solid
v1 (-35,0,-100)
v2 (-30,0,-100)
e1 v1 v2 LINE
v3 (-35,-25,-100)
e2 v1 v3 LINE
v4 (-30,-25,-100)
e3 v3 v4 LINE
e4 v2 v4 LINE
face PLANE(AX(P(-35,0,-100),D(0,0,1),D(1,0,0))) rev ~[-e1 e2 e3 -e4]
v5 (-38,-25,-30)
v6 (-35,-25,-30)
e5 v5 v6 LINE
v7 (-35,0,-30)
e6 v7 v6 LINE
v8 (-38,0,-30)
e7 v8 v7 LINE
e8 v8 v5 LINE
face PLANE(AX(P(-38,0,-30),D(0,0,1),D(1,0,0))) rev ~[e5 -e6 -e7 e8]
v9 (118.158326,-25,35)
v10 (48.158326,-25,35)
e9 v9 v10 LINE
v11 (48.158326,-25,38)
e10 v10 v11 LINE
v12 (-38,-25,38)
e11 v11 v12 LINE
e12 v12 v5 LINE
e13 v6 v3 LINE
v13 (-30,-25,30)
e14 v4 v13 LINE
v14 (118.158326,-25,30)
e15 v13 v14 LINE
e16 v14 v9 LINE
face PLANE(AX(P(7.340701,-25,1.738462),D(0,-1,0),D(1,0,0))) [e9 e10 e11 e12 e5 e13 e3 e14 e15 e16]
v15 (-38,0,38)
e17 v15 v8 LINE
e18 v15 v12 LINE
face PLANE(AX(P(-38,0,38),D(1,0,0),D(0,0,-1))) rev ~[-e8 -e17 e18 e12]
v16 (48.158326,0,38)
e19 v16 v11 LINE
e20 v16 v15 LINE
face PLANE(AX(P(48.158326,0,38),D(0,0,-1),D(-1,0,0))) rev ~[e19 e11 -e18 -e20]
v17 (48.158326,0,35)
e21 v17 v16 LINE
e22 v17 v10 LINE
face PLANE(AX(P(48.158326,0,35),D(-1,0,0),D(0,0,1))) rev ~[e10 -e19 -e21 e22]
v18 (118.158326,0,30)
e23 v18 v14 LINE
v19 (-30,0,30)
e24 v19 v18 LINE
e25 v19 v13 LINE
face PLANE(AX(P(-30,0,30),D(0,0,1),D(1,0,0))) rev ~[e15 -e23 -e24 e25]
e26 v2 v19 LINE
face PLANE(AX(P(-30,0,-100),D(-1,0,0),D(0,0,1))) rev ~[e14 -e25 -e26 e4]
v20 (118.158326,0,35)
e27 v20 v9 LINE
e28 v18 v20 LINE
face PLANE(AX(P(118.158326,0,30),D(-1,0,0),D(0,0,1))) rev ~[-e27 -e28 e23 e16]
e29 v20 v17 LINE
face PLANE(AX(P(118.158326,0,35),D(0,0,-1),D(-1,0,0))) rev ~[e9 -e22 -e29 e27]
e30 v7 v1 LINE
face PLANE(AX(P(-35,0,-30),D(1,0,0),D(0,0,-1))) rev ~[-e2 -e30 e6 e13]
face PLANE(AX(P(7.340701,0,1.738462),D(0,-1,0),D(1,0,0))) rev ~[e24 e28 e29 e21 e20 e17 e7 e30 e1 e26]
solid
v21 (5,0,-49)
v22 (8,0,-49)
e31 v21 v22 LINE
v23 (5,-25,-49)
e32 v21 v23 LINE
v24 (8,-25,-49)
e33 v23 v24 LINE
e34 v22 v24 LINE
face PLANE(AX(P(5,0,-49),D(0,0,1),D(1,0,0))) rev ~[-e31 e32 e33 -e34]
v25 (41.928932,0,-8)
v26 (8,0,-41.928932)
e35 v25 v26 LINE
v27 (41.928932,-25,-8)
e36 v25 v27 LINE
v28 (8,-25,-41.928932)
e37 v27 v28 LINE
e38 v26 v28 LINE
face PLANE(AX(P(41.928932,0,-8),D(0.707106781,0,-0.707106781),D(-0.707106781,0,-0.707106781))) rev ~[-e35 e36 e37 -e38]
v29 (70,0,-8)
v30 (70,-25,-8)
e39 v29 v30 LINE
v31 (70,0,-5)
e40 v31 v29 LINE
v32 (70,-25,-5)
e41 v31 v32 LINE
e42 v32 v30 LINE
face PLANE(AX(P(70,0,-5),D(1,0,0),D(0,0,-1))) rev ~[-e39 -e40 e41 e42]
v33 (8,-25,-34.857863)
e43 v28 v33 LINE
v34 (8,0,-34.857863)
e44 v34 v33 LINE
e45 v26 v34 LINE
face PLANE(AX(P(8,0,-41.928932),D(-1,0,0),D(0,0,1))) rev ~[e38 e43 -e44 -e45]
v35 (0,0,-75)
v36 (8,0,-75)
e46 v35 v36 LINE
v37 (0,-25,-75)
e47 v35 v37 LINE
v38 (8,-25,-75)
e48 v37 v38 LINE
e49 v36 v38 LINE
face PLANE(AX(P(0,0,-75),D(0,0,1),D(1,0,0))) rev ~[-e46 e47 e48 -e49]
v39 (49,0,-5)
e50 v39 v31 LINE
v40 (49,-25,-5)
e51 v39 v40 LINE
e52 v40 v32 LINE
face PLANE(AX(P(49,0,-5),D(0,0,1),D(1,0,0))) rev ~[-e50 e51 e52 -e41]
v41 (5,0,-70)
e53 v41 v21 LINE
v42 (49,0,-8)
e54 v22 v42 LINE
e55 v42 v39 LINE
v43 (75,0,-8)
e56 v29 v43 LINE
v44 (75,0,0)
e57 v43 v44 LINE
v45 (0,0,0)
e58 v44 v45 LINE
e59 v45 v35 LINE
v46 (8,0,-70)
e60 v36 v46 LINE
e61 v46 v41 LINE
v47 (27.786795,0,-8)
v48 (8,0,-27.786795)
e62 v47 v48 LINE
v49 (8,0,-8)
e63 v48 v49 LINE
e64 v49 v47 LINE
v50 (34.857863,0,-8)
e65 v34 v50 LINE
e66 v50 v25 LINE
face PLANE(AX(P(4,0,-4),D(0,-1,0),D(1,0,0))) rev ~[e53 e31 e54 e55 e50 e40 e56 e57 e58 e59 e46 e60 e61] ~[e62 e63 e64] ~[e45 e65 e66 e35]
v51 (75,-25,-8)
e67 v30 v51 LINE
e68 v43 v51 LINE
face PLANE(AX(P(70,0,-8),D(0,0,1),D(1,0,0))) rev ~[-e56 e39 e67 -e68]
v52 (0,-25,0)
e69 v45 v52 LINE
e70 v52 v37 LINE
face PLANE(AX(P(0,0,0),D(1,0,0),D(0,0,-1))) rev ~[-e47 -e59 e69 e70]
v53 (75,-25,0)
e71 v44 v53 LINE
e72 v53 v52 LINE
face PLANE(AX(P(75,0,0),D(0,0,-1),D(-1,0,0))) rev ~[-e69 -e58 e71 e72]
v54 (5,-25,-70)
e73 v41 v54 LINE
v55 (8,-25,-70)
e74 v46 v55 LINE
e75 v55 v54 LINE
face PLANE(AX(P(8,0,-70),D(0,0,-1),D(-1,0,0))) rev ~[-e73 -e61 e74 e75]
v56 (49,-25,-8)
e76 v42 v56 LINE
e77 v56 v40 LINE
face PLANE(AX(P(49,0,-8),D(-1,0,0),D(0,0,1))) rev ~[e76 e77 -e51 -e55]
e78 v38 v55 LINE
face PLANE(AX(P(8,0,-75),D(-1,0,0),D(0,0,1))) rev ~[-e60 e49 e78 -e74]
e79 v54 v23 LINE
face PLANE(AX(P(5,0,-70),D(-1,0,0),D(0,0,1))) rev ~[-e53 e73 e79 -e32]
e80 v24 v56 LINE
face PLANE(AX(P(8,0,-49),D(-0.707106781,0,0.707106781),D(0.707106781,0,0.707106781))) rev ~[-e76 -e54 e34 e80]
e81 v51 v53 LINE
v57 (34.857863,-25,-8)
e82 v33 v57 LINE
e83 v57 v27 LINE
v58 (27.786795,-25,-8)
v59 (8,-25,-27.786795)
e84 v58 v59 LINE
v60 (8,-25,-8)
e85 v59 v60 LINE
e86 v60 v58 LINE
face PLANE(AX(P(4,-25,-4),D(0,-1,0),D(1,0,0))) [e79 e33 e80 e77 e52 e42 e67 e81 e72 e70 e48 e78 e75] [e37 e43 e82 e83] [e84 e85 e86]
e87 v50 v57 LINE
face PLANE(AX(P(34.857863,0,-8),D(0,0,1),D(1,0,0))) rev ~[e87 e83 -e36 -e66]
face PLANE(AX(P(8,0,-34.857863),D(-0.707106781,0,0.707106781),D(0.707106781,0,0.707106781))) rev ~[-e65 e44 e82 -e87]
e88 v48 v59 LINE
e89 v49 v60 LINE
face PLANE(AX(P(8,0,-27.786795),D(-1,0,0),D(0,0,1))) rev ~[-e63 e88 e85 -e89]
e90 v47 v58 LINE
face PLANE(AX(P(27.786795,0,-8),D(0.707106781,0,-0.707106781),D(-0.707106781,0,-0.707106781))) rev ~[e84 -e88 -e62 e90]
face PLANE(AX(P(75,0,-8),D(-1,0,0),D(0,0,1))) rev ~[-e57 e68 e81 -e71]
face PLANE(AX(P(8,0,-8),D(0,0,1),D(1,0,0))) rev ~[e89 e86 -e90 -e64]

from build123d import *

# Parameters (mm, degrees)
F0_W     = 8
F0_H     = 8
F1_DEPTH = 25
F3_DEPTH = 25


with BuildPart() as f1:
    # F0 (on Front) → F1 (new body)
    with BuildSketch(Plane.XZ):
        with Locations((4, -4)):
            Rectangle(F0_W, F0_H)
        Polygon((8, -8), (0, -8), (0, -35.7867951971), (8, -27.7867951971), align=None)
        Polygon((35.7867951971, 0), (8, 0), (8, -8), (27.7867951971, -8), align=None)
        Polygon((8, -27.7867951971), (0, -35.7867951971), (0, -75), (5, -75), (8, -75), (8, -70), (5, -70), (5, -49), (8, -49), (8, -41.9289321881), (8, -34.857863009), align=None)
        Polygon((75, 0), (35.7867951971, 0), (27.7867951971, -8), (34.857863009, -8), (41.9289321881, -8), (49, -8), (49, -5), (70, -5), (70, -8), (75, -8), align=None)
        Polygon((41.9289321881, -8), (8, -41.9289321881), (8, -49), (49, -8), align=None)
        Polygon((27.7867951971, -8), (8, -27.7867951971), (8, -34.857863009), (34.857863009, -8), align=None)
    extrude(amount=F1_DEPTH)


with BuildPart() as f3:
    # F2 (on Front) → F3 (new body)
    with BuildSketch(Plane.XZ):
        Polygon((-30, -100), (-30, 30), (118.1583255529, 30), (118.1583255529, 35), (48.1583255529, 35), (48.1583255529, 38), (-38, 38), (-38, -30), (-35, -30), (-35, -100), align=None)
    extrude(amount=F3_DEPTH)


solid = Compound([f1.part, f3.part])
